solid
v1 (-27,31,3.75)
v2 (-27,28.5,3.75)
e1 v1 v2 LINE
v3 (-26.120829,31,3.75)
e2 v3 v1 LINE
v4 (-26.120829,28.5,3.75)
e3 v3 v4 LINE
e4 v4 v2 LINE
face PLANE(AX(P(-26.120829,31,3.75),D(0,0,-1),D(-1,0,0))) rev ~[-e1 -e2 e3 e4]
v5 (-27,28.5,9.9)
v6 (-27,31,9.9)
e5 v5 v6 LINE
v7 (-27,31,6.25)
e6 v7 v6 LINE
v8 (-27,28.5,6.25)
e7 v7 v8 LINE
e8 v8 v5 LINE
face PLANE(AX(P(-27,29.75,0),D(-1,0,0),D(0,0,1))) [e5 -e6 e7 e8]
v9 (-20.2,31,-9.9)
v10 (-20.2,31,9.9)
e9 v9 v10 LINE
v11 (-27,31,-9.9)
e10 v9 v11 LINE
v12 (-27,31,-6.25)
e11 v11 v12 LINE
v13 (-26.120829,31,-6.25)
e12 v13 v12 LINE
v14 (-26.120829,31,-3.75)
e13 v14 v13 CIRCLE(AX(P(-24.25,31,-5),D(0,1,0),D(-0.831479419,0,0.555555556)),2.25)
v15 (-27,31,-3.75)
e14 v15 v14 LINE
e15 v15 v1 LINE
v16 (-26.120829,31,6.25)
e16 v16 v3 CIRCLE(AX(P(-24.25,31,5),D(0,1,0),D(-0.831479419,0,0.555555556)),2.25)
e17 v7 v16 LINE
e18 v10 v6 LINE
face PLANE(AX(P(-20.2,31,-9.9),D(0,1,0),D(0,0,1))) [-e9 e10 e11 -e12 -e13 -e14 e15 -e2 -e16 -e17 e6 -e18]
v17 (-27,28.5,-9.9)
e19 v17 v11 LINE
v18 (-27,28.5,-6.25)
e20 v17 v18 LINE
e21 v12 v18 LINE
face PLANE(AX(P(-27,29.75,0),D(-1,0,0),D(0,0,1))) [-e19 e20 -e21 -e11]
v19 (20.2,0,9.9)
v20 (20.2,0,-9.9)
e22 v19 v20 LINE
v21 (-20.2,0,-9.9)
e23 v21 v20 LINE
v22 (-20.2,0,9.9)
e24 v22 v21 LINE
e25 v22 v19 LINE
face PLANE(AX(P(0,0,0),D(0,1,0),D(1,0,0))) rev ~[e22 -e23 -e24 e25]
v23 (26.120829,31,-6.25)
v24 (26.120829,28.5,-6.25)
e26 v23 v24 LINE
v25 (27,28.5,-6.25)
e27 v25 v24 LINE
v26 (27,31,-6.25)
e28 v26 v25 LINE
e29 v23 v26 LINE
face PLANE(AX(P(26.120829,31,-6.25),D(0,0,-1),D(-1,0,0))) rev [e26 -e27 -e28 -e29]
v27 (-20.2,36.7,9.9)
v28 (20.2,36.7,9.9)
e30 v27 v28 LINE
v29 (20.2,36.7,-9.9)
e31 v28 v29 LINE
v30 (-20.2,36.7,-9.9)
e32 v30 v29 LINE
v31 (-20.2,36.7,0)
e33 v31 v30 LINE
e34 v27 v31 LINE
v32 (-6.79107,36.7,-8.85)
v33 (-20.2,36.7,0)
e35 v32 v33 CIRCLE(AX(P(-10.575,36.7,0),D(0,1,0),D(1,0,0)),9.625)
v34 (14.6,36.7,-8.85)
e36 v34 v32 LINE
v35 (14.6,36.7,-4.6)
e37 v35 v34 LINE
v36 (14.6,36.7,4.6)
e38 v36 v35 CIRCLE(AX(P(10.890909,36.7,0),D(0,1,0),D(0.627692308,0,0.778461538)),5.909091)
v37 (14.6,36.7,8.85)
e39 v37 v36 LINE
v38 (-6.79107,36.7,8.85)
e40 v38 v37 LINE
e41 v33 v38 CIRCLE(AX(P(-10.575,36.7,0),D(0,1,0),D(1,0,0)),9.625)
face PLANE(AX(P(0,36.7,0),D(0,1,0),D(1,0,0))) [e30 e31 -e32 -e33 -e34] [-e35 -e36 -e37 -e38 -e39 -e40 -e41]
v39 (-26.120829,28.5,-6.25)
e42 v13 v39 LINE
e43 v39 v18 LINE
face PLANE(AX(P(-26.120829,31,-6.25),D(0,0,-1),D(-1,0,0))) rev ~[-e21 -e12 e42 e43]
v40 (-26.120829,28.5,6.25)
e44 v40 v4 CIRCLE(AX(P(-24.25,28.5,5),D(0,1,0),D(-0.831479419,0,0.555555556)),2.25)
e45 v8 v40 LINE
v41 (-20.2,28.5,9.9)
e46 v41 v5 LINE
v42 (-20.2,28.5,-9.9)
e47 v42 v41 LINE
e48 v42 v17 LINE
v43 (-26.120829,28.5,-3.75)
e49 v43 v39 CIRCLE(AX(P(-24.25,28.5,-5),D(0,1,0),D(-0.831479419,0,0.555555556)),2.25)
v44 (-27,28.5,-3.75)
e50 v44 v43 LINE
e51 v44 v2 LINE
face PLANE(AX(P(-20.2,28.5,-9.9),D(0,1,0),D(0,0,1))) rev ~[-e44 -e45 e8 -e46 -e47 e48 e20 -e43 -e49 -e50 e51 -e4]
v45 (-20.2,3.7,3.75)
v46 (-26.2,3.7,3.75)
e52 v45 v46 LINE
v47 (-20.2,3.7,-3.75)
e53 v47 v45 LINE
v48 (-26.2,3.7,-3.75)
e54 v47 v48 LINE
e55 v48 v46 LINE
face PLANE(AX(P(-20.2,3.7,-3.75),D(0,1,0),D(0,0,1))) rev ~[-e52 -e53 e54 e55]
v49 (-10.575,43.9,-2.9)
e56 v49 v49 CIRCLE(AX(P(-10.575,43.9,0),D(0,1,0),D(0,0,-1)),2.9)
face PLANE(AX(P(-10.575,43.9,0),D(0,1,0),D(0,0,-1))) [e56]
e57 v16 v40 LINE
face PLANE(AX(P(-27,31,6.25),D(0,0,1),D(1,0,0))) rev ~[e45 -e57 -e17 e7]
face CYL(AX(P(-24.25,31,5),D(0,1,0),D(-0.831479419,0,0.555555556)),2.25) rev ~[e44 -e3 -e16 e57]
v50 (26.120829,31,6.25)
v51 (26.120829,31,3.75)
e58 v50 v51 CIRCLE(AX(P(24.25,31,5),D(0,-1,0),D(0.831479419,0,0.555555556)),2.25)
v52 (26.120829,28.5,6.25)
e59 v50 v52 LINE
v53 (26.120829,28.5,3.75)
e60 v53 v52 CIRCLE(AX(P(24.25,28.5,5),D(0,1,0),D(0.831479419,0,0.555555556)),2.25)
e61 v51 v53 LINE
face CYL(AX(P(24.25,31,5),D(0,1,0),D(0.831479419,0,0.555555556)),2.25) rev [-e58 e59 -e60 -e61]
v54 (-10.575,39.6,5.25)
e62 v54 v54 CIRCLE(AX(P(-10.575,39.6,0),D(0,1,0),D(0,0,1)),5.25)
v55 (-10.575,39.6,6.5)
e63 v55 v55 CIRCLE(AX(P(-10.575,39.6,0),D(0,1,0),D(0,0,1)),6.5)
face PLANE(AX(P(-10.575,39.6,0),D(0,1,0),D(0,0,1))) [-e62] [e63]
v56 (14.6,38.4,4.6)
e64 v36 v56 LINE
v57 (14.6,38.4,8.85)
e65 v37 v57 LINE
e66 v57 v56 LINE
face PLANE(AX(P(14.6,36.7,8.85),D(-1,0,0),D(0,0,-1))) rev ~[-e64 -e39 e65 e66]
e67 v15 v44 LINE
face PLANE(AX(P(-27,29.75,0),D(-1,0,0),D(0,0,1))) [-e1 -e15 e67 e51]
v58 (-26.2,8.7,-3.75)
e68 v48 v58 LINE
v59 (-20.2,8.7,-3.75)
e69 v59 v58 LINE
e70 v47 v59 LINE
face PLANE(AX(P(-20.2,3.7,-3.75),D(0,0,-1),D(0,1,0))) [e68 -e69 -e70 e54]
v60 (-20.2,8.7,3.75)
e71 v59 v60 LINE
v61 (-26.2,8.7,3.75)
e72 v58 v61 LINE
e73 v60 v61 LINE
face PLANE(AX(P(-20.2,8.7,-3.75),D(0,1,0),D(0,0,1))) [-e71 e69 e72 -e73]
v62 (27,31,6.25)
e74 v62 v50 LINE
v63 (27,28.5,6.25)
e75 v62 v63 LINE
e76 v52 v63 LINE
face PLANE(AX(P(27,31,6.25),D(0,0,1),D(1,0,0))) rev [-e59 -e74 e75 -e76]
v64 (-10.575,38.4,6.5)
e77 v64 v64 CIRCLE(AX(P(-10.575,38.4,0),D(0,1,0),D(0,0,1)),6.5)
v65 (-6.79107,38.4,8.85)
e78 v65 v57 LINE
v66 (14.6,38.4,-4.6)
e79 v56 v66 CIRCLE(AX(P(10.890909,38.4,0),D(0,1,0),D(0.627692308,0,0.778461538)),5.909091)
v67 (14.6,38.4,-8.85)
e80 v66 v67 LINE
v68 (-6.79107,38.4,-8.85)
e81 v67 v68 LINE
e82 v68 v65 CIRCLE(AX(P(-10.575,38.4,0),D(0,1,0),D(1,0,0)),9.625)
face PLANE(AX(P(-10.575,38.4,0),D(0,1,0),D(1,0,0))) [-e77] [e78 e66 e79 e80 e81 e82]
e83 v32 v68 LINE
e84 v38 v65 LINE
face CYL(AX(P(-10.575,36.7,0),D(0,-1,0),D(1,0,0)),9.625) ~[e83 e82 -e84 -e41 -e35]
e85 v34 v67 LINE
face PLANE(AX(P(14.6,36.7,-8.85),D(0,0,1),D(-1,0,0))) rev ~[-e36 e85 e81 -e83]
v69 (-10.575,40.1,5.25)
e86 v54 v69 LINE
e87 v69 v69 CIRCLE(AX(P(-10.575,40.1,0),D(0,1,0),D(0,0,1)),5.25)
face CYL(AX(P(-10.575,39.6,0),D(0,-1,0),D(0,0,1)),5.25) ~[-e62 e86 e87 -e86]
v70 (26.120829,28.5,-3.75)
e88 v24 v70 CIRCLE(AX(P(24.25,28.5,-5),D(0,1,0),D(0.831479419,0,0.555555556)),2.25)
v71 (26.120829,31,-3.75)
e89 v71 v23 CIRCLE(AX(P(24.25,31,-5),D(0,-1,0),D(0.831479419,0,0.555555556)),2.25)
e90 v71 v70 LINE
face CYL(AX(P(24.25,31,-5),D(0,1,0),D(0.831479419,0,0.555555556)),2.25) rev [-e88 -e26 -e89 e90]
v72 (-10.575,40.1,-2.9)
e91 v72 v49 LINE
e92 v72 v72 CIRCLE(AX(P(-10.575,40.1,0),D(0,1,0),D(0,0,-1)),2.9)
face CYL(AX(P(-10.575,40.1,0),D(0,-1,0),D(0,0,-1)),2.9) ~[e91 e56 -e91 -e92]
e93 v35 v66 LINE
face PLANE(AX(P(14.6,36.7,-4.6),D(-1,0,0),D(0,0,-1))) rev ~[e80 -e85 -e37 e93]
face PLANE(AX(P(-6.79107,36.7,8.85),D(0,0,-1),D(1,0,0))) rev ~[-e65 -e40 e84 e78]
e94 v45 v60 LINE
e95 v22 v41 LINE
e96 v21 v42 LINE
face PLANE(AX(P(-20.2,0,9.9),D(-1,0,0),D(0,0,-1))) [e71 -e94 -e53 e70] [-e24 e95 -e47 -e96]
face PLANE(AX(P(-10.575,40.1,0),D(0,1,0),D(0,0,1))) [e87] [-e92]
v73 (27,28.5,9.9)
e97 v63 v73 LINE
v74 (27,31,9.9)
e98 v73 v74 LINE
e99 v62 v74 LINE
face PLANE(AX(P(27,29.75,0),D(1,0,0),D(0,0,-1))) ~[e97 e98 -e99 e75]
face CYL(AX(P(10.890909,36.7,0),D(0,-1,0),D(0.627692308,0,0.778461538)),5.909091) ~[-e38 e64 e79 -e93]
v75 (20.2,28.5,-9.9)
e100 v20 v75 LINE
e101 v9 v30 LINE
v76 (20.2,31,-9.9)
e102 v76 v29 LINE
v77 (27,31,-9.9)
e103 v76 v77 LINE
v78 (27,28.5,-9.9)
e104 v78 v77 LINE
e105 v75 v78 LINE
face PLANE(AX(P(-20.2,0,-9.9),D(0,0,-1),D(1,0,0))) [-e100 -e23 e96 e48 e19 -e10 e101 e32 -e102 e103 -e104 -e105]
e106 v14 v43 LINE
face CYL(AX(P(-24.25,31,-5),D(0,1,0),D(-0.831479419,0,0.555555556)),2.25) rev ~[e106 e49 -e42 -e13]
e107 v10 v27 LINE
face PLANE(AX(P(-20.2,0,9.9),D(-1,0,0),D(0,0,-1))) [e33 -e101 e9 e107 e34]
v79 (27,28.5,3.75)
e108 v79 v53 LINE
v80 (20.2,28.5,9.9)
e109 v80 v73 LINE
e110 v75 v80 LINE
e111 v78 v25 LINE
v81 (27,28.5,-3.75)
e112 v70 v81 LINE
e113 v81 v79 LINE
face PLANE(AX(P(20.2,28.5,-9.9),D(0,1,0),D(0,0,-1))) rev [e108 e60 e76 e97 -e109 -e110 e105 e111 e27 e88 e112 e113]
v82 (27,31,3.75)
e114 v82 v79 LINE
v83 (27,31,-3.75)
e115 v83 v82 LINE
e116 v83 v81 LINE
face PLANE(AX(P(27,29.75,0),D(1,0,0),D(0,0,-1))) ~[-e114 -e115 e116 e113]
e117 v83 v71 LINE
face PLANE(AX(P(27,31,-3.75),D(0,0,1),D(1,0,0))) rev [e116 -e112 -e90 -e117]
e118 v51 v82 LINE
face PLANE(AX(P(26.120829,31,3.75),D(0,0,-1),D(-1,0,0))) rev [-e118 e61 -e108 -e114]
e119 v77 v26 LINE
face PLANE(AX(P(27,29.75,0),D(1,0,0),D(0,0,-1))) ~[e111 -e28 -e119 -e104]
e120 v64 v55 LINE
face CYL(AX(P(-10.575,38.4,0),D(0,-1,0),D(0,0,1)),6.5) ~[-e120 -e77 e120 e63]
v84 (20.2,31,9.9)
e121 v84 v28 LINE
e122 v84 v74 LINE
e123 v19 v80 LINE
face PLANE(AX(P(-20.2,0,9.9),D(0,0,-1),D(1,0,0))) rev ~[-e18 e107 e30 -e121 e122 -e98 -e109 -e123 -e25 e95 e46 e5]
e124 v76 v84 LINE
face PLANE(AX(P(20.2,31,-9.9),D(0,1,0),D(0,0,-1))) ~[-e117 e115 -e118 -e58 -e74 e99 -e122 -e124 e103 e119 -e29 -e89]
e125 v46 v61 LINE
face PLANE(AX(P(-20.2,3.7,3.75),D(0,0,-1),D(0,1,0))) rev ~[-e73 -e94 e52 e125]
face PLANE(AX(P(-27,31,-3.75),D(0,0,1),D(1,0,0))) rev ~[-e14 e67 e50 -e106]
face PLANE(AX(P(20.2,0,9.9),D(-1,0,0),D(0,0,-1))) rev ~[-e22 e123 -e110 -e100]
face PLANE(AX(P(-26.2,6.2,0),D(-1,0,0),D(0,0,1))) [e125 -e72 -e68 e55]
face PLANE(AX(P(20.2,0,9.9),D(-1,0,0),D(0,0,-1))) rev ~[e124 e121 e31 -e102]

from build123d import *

# Parameters (mm, degrees)
SKETCH1_W           = 40.4
SKETCH1_H           = 19.8
BOSS_EXTRUDE1_DEPTH = 36.7
SKETCH2_R           = 9.625
BOSS_EXTRUDE2_DEPTH = 1.7
SKETCH3_R           = 6.5
BOSS_EXTRUDE3_DEPTH = 1.2
SKETCH4_R           = 5.25
BOSS_EXTRUDE4_DEPTH = 0.5
SKETCH5_R           = 2.9
BOSS_EXTRUDE5_DEPTH = 3.8
SKETCH6_W           = 19.8
SKETCH6_H           = 2.5
BOSS_EXTRUDE6_DEPTH = 6.8
SKETCH7_R           = 2.25
CUT_EXTRUDE1_DEPTH  = 6.8
SKETCH8_W           = 7.5
SKETCH8_H           = 5
BOSS_EXTRUDE7_DEPTH = 6


with BuildPart() as part:
    # Sketch1 → Boss-Extrude1 (new body)
    with BuildSketch(Plane(origin=(0, 0, 0), x_dir=(1, 0, 0), z_dir=(0, 1, 0))):
        Rectangle(SKETCH1_W, SKETCH1_H)
    extrude(amount=BOSS_EXTRUDE1_DEPTH)

    # Sketch2 → Boss-Extrude2 (add)
    with BuildSketch(Plane(origin=(0, 36.7, 0), x_dir=(1, 0, 0), z_dir=(0, 1, 0))):
        with Locations((-10.575, 0)):
            Circle(SKETCH2_R)
        with BuildLine():
            ThreePointArc((-0.95, 0), (-2.541913742, -5.301900618), (-6.791070164, -8.85))
            Line((-6.791070164, -8.85), (14.6, -8.85))
            Line((14.6, -8.85), (14.6, -4.6))
            Line((14.6, -4.6), (14.6, 4.6))
            Line((14.6, 4.6), (14.6, 8.85))
            Line((14.6, 8.85), (-6.791070164, 8.85))
            ThreePointArc((-6.791070164, 8.85), (-2.541913742, 5.301900618), (-0.95, 0))
        make_face()
        with BuildLine():
            Line((14.6, 4.6), (14.6, -4.6))
            ThreePointArc((14.6, -4.6), (16.8, 0), (14.6, 4.6))
        make_face()
    extrude(amount=BOSS_EXTRUDE2_DEPTH)

    # Sketch3 → Boss-Extrude3 (add)
    with BuildSketch(Plane(origin=(0, 38.4, 0), x_dir=(1, 0, 0), z_dir=(0, 1, 0))):
        with Locations(Location((-10.575, 0, 0), (0, 0, 270))):
            Circle(SKETCH3_R)
    extrude(amount=BOSS_EXTRUDE3_DEPTH)

    # Sketch4 → Boss-Extrude4 (add)
    with BuildSketch(Plane(origin=(0, 39.6, 0), x_dir=(1, 0, 0), z_dir=(0, 1, 0))):
        with Locations(Location((-10.575, 0, 0), (0, 0, 270))):
            Circle(SKETCH4_R)
    extrude(amount=BOSS_EXTRUDE4_DEPTH)

    # Sketch5 → Boss-Extrude5 (add)
    with BuildSketch(Plane(origin=(0, 40.1, 0), x_dir=(1, 0, 0), z_dir=(0, 1, 0))):
        with Locations(Location((-10.575, 0, 0), (0, 0, 90))):
            Circle(SKETCH5_R)
    extrude(amount=BOSS_EXTRUDE5_DEPTH)

    # Sketch6 → Boss-Extrude6 (add)
    with BuildSketch(Plane.ZY.offset(20.2)):
        with Locations((0, 29.75)):
            Rectangle(SKETCH6_W, SKETCH6_H)
    boss_extrude6 = extrude(amount=BOSS_EXTRUDE6_DEPTH)

    # Sketch7 → Cut-Extrude1 (cut)
    with BuildSketch(Plane(origin=(0, 31, 0), x_dir=(1, 0, 0), z_dir=(0, 1, 0))):
        with Locations((-24.25, 5)):
            Circle(SKETCH7_R)
        with BuildLine():
            Line((-27, 6.25), (-27, 3.75))
            Line((-27, 3.75), (-26.120828693, 3.75))
            ThreePointArc((-26.120828693, 3.75), (-26.5, 5), (-26.120828693, 6.25))
            Line((-26.120828693, 6.25), (-27, 6.25))
        make_face()
        with Locations((-24.25, -5)):
            Circle(SKETCH7_R)
        with BuildLine():
            Line((-27, -3.75), (-27, -6.25))
            Line((-27, -6.25), (-26.120828693, -6.25))
            ThreePointArc((-26.120828693, -6.25), (-26.5, -5), (-26.120828693, -3.75))
            Line((-26.120828693, -3.75), (-27, -3.75))
        make_face()
    cut_extrude1 = extrude(amount=-CUT_EXTRUDE1_DEPTH, mode=Mode.SUBTRACT)

    # Mirror1: Boss-Extrude6, Cut-Extrude1 across plane
    add(boss_extrude6.mirror(Plane(origin=(0, 0, 0), x_dir=(0, 0, 1), z_dir=(1, 0, 0))))
    add(cut_extrude1.mirror(Plane(origin=(0, 0, 0), x_dir=(0, 0, 1), z_dir=(1, 0, 0))), mode=Mode.SUBTRACT)

    # Sketch8 → Boss-Extrude7 (add)
    with BuildSketch(Plane.ZY.offset(20.2)):
        with Locations((0, 6.2)):
            Rectangle(SKETCH8_W, SKETCH8_H)
    extrude(amount=BOSS_EXTRUDE7_DEPTH)


solid = part.part
